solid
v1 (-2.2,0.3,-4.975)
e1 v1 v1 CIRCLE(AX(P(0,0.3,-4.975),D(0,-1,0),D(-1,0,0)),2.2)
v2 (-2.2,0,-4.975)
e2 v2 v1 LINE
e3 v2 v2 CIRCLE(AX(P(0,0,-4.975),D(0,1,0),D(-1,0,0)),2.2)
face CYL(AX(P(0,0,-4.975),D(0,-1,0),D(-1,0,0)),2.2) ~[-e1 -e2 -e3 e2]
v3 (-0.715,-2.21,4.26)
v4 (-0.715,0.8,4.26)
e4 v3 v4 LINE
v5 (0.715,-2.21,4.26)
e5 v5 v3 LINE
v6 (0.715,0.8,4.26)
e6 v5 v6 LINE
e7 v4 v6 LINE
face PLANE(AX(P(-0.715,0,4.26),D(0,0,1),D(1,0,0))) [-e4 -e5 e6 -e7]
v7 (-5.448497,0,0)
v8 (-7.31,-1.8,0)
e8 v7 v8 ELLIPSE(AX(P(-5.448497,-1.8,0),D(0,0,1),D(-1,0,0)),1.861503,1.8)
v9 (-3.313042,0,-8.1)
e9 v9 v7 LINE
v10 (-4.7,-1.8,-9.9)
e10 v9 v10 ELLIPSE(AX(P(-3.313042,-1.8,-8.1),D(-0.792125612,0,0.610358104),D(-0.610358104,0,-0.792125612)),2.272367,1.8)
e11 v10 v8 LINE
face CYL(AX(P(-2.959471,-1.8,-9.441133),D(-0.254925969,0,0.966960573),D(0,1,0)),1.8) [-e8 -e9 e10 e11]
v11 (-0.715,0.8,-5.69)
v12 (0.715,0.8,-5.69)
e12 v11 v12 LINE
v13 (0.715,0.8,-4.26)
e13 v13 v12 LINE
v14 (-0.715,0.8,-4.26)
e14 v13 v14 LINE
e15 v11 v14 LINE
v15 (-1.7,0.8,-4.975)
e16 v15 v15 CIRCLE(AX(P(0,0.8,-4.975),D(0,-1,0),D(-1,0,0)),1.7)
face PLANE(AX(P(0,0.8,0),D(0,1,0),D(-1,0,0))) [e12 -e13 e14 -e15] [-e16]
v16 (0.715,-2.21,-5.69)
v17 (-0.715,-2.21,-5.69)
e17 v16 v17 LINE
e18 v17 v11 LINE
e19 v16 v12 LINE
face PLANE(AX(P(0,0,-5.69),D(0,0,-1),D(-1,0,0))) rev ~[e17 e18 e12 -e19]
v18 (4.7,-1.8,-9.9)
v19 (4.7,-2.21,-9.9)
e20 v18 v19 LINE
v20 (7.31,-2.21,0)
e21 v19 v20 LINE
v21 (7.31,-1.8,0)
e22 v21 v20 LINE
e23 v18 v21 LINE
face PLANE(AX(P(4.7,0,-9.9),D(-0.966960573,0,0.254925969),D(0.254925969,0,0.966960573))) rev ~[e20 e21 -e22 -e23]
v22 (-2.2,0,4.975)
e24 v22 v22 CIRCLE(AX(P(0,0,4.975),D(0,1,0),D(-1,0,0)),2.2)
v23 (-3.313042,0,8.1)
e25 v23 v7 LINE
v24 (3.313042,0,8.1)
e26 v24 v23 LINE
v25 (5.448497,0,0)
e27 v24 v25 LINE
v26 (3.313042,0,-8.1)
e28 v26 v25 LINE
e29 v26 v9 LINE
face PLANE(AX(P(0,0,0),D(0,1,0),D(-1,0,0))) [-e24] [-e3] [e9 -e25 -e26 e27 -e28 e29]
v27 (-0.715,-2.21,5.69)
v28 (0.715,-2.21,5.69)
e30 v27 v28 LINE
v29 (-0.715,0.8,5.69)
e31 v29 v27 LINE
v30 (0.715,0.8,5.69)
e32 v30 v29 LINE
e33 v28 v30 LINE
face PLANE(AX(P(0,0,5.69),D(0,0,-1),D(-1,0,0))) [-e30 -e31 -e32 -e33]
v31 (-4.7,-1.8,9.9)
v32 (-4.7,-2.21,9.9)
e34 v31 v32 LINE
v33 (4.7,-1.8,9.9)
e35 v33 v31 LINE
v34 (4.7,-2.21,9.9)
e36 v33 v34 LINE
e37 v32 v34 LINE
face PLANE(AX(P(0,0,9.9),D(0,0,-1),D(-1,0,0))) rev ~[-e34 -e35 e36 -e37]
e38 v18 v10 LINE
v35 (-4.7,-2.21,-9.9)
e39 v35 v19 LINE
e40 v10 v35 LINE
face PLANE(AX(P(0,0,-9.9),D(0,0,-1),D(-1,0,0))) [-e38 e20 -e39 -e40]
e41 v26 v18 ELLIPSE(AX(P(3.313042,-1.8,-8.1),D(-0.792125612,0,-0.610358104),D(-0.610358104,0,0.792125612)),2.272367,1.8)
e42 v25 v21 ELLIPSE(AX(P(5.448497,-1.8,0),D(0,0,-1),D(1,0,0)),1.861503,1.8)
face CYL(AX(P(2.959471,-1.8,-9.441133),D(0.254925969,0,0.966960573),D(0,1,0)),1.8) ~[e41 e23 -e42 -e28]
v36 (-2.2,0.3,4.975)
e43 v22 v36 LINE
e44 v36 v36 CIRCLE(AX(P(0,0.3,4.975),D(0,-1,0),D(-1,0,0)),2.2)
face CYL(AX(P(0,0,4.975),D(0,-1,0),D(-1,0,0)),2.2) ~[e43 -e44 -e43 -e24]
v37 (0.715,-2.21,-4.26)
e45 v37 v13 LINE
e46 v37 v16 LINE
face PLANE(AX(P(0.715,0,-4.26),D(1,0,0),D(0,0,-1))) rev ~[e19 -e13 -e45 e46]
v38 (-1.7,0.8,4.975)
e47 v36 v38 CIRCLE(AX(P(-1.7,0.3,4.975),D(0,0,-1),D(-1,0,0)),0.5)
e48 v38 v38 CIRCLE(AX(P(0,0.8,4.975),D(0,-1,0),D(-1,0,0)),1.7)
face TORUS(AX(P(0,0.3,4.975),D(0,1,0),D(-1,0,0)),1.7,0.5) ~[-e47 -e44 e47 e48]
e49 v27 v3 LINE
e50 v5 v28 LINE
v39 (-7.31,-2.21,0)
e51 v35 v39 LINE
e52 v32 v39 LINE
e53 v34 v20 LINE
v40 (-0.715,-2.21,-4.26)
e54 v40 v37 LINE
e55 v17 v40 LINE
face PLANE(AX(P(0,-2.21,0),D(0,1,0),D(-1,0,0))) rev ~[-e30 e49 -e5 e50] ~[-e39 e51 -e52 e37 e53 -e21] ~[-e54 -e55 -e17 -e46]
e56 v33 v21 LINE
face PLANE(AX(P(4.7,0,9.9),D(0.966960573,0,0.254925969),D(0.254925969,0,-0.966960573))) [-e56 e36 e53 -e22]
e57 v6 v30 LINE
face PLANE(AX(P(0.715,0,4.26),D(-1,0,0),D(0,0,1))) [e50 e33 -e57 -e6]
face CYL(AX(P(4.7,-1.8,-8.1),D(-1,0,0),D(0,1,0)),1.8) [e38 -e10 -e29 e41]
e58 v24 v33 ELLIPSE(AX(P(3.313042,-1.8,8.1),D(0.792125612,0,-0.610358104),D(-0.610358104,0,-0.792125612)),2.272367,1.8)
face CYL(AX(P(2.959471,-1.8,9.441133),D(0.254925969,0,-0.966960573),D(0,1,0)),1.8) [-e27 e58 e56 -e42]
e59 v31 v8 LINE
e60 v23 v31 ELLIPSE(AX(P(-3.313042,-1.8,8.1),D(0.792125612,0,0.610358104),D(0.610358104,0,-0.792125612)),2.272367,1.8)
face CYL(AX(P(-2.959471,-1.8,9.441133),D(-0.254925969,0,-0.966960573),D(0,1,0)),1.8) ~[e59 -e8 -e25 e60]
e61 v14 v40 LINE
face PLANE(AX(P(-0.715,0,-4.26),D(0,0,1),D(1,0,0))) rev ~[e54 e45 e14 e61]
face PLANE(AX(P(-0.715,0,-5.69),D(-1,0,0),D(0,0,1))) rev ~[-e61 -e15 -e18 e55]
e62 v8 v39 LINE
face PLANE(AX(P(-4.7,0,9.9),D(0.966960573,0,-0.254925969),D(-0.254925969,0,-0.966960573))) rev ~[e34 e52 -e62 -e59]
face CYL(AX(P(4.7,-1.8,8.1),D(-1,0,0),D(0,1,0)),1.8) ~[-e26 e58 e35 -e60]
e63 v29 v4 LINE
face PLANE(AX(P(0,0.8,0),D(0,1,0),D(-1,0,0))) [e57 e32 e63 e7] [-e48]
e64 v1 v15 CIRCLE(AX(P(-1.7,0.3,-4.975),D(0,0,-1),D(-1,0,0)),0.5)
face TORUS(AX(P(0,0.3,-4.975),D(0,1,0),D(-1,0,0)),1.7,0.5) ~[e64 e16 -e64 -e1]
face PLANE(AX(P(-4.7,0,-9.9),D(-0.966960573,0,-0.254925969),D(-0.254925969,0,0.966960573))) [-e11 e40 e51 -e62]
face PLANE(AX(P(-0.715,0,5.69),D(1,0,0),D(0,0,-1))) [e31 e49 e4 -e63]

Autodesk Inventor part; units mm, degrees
ref_plane "YZ Plane" through (0, 0, 0) normal (1, 0, 0) x (0, 1, 0)
ref_plane "XZ Plane" through (0, 0, 0) normal (0, 1, 0) x (-1, 0, 0)
ref_plane "XY Plane" through (0, 0, 0) normal (0, 0, 1) x (1, 0, 0)
sketch "Sketch1" plane through (0, 0, 0) normal (0, 1, 0) x (-1, 0, 0)
  line L0 (0, 9.9) -> (0, -9.9)
  line L1 (-4.7, 9.9) -> (4.7, 9.9)
  line L2 (0, 0) -> (7.31, 0)
  line L3 (4.7, 9.9) -> (7.31, 0)
  line L4 (0, 0) -> (-7.31, 0)
  line L5 (-4.7, 9.9) -> (-7.31, 0)
  line L6 (-4.7, -9.9) -> (4.7, -9.9)
  line L7 (4.7, -9.9) -> (7.31, 0)
  line L8 (-4.7, -9.9) -> (-7.31, 0)
  line L9 (0, 9.9) -> (0, 5.69)
  line L10 (0, 5.69) -> (0.715, 5.69)
  line L11 (0.715, 5.69) -> (0.715, 4.26)
  line L12 (0.715, 4.26) -> (-0.715, 4.26)
  line L13 (-0.715, 4.26) -> (-0.715, 5.69)
  line L14 (-0.715, 5.69) -> (0, 5.69)
  circle A0 centre (0, 4.975) radius 2.2
  line L15 (0, -5.69) -> (0.715, -5.69)
  line L16 (0.715, -5.69) -> (0.715, -4.26)
  line L17 (0.715, -4.26) -> (-0.715, -4.26)
  line L18 (-0.715, -4.26) -> (-0.715, -5.69)
  line L19 (-0.715, -5.69) -> (0, -5.69)
  circle A1 centre (0, -4.975) radius 2.2
  point P0 (0, -9.9)
  dimension "d0" = 19.8
  dimension "d1" = 0
  dimension "d2" = 0
  dimension "d3" = 9.4
  dimension "d5" = 7.31
  dimension "d6" = 4.21
  dimension "d7" = 0.715
  dimension "d8" = 1.43
  dimension "d9" = 1.43
  dimension "d10" = 4.4
extrude "Extrusion1" add sketch "Sketch1" against normal blind 2.21 contours L1 L3 L2 L0 A0 | L0 A0 L4 L5 L1 | L4 L0 A1 L6 L8 | L7 L6 L0 A1 L2
extrude "Extrusion2" add sketch "Sketch1" against normal blind 2.21 contours A0 L0 L12 L11 L10 | L0 L14 L13 L12 A0 | A1 L0 L15 L16 L17 | L0 L17 L18 L19 A1
extrude "Extrusion3" add sketch "Sketch1" along normal blind 0.8 contours A0 L0 L12 L11 L10 | L0 L14 L13 L12 A0 | A1 L0 L15 L16 L17 | L0 L17 L18 L19 A1
fillet "Fillet1" radius 0.5 1 edges at (2.2, 0.8, 4.975)
fillet "Fillet2" radius 0.5 1 edges at (2.2, 0.8, -4.975)
fillet "Fillet3" radius 1.8 6 edges at (6.005, 0, -4.95) (6.005, 0, 4.95) (0, 0, -9.9) (-6.005, 0, -4.95) (-6.005, 0, 4.95) (0, 0, 9.9)
